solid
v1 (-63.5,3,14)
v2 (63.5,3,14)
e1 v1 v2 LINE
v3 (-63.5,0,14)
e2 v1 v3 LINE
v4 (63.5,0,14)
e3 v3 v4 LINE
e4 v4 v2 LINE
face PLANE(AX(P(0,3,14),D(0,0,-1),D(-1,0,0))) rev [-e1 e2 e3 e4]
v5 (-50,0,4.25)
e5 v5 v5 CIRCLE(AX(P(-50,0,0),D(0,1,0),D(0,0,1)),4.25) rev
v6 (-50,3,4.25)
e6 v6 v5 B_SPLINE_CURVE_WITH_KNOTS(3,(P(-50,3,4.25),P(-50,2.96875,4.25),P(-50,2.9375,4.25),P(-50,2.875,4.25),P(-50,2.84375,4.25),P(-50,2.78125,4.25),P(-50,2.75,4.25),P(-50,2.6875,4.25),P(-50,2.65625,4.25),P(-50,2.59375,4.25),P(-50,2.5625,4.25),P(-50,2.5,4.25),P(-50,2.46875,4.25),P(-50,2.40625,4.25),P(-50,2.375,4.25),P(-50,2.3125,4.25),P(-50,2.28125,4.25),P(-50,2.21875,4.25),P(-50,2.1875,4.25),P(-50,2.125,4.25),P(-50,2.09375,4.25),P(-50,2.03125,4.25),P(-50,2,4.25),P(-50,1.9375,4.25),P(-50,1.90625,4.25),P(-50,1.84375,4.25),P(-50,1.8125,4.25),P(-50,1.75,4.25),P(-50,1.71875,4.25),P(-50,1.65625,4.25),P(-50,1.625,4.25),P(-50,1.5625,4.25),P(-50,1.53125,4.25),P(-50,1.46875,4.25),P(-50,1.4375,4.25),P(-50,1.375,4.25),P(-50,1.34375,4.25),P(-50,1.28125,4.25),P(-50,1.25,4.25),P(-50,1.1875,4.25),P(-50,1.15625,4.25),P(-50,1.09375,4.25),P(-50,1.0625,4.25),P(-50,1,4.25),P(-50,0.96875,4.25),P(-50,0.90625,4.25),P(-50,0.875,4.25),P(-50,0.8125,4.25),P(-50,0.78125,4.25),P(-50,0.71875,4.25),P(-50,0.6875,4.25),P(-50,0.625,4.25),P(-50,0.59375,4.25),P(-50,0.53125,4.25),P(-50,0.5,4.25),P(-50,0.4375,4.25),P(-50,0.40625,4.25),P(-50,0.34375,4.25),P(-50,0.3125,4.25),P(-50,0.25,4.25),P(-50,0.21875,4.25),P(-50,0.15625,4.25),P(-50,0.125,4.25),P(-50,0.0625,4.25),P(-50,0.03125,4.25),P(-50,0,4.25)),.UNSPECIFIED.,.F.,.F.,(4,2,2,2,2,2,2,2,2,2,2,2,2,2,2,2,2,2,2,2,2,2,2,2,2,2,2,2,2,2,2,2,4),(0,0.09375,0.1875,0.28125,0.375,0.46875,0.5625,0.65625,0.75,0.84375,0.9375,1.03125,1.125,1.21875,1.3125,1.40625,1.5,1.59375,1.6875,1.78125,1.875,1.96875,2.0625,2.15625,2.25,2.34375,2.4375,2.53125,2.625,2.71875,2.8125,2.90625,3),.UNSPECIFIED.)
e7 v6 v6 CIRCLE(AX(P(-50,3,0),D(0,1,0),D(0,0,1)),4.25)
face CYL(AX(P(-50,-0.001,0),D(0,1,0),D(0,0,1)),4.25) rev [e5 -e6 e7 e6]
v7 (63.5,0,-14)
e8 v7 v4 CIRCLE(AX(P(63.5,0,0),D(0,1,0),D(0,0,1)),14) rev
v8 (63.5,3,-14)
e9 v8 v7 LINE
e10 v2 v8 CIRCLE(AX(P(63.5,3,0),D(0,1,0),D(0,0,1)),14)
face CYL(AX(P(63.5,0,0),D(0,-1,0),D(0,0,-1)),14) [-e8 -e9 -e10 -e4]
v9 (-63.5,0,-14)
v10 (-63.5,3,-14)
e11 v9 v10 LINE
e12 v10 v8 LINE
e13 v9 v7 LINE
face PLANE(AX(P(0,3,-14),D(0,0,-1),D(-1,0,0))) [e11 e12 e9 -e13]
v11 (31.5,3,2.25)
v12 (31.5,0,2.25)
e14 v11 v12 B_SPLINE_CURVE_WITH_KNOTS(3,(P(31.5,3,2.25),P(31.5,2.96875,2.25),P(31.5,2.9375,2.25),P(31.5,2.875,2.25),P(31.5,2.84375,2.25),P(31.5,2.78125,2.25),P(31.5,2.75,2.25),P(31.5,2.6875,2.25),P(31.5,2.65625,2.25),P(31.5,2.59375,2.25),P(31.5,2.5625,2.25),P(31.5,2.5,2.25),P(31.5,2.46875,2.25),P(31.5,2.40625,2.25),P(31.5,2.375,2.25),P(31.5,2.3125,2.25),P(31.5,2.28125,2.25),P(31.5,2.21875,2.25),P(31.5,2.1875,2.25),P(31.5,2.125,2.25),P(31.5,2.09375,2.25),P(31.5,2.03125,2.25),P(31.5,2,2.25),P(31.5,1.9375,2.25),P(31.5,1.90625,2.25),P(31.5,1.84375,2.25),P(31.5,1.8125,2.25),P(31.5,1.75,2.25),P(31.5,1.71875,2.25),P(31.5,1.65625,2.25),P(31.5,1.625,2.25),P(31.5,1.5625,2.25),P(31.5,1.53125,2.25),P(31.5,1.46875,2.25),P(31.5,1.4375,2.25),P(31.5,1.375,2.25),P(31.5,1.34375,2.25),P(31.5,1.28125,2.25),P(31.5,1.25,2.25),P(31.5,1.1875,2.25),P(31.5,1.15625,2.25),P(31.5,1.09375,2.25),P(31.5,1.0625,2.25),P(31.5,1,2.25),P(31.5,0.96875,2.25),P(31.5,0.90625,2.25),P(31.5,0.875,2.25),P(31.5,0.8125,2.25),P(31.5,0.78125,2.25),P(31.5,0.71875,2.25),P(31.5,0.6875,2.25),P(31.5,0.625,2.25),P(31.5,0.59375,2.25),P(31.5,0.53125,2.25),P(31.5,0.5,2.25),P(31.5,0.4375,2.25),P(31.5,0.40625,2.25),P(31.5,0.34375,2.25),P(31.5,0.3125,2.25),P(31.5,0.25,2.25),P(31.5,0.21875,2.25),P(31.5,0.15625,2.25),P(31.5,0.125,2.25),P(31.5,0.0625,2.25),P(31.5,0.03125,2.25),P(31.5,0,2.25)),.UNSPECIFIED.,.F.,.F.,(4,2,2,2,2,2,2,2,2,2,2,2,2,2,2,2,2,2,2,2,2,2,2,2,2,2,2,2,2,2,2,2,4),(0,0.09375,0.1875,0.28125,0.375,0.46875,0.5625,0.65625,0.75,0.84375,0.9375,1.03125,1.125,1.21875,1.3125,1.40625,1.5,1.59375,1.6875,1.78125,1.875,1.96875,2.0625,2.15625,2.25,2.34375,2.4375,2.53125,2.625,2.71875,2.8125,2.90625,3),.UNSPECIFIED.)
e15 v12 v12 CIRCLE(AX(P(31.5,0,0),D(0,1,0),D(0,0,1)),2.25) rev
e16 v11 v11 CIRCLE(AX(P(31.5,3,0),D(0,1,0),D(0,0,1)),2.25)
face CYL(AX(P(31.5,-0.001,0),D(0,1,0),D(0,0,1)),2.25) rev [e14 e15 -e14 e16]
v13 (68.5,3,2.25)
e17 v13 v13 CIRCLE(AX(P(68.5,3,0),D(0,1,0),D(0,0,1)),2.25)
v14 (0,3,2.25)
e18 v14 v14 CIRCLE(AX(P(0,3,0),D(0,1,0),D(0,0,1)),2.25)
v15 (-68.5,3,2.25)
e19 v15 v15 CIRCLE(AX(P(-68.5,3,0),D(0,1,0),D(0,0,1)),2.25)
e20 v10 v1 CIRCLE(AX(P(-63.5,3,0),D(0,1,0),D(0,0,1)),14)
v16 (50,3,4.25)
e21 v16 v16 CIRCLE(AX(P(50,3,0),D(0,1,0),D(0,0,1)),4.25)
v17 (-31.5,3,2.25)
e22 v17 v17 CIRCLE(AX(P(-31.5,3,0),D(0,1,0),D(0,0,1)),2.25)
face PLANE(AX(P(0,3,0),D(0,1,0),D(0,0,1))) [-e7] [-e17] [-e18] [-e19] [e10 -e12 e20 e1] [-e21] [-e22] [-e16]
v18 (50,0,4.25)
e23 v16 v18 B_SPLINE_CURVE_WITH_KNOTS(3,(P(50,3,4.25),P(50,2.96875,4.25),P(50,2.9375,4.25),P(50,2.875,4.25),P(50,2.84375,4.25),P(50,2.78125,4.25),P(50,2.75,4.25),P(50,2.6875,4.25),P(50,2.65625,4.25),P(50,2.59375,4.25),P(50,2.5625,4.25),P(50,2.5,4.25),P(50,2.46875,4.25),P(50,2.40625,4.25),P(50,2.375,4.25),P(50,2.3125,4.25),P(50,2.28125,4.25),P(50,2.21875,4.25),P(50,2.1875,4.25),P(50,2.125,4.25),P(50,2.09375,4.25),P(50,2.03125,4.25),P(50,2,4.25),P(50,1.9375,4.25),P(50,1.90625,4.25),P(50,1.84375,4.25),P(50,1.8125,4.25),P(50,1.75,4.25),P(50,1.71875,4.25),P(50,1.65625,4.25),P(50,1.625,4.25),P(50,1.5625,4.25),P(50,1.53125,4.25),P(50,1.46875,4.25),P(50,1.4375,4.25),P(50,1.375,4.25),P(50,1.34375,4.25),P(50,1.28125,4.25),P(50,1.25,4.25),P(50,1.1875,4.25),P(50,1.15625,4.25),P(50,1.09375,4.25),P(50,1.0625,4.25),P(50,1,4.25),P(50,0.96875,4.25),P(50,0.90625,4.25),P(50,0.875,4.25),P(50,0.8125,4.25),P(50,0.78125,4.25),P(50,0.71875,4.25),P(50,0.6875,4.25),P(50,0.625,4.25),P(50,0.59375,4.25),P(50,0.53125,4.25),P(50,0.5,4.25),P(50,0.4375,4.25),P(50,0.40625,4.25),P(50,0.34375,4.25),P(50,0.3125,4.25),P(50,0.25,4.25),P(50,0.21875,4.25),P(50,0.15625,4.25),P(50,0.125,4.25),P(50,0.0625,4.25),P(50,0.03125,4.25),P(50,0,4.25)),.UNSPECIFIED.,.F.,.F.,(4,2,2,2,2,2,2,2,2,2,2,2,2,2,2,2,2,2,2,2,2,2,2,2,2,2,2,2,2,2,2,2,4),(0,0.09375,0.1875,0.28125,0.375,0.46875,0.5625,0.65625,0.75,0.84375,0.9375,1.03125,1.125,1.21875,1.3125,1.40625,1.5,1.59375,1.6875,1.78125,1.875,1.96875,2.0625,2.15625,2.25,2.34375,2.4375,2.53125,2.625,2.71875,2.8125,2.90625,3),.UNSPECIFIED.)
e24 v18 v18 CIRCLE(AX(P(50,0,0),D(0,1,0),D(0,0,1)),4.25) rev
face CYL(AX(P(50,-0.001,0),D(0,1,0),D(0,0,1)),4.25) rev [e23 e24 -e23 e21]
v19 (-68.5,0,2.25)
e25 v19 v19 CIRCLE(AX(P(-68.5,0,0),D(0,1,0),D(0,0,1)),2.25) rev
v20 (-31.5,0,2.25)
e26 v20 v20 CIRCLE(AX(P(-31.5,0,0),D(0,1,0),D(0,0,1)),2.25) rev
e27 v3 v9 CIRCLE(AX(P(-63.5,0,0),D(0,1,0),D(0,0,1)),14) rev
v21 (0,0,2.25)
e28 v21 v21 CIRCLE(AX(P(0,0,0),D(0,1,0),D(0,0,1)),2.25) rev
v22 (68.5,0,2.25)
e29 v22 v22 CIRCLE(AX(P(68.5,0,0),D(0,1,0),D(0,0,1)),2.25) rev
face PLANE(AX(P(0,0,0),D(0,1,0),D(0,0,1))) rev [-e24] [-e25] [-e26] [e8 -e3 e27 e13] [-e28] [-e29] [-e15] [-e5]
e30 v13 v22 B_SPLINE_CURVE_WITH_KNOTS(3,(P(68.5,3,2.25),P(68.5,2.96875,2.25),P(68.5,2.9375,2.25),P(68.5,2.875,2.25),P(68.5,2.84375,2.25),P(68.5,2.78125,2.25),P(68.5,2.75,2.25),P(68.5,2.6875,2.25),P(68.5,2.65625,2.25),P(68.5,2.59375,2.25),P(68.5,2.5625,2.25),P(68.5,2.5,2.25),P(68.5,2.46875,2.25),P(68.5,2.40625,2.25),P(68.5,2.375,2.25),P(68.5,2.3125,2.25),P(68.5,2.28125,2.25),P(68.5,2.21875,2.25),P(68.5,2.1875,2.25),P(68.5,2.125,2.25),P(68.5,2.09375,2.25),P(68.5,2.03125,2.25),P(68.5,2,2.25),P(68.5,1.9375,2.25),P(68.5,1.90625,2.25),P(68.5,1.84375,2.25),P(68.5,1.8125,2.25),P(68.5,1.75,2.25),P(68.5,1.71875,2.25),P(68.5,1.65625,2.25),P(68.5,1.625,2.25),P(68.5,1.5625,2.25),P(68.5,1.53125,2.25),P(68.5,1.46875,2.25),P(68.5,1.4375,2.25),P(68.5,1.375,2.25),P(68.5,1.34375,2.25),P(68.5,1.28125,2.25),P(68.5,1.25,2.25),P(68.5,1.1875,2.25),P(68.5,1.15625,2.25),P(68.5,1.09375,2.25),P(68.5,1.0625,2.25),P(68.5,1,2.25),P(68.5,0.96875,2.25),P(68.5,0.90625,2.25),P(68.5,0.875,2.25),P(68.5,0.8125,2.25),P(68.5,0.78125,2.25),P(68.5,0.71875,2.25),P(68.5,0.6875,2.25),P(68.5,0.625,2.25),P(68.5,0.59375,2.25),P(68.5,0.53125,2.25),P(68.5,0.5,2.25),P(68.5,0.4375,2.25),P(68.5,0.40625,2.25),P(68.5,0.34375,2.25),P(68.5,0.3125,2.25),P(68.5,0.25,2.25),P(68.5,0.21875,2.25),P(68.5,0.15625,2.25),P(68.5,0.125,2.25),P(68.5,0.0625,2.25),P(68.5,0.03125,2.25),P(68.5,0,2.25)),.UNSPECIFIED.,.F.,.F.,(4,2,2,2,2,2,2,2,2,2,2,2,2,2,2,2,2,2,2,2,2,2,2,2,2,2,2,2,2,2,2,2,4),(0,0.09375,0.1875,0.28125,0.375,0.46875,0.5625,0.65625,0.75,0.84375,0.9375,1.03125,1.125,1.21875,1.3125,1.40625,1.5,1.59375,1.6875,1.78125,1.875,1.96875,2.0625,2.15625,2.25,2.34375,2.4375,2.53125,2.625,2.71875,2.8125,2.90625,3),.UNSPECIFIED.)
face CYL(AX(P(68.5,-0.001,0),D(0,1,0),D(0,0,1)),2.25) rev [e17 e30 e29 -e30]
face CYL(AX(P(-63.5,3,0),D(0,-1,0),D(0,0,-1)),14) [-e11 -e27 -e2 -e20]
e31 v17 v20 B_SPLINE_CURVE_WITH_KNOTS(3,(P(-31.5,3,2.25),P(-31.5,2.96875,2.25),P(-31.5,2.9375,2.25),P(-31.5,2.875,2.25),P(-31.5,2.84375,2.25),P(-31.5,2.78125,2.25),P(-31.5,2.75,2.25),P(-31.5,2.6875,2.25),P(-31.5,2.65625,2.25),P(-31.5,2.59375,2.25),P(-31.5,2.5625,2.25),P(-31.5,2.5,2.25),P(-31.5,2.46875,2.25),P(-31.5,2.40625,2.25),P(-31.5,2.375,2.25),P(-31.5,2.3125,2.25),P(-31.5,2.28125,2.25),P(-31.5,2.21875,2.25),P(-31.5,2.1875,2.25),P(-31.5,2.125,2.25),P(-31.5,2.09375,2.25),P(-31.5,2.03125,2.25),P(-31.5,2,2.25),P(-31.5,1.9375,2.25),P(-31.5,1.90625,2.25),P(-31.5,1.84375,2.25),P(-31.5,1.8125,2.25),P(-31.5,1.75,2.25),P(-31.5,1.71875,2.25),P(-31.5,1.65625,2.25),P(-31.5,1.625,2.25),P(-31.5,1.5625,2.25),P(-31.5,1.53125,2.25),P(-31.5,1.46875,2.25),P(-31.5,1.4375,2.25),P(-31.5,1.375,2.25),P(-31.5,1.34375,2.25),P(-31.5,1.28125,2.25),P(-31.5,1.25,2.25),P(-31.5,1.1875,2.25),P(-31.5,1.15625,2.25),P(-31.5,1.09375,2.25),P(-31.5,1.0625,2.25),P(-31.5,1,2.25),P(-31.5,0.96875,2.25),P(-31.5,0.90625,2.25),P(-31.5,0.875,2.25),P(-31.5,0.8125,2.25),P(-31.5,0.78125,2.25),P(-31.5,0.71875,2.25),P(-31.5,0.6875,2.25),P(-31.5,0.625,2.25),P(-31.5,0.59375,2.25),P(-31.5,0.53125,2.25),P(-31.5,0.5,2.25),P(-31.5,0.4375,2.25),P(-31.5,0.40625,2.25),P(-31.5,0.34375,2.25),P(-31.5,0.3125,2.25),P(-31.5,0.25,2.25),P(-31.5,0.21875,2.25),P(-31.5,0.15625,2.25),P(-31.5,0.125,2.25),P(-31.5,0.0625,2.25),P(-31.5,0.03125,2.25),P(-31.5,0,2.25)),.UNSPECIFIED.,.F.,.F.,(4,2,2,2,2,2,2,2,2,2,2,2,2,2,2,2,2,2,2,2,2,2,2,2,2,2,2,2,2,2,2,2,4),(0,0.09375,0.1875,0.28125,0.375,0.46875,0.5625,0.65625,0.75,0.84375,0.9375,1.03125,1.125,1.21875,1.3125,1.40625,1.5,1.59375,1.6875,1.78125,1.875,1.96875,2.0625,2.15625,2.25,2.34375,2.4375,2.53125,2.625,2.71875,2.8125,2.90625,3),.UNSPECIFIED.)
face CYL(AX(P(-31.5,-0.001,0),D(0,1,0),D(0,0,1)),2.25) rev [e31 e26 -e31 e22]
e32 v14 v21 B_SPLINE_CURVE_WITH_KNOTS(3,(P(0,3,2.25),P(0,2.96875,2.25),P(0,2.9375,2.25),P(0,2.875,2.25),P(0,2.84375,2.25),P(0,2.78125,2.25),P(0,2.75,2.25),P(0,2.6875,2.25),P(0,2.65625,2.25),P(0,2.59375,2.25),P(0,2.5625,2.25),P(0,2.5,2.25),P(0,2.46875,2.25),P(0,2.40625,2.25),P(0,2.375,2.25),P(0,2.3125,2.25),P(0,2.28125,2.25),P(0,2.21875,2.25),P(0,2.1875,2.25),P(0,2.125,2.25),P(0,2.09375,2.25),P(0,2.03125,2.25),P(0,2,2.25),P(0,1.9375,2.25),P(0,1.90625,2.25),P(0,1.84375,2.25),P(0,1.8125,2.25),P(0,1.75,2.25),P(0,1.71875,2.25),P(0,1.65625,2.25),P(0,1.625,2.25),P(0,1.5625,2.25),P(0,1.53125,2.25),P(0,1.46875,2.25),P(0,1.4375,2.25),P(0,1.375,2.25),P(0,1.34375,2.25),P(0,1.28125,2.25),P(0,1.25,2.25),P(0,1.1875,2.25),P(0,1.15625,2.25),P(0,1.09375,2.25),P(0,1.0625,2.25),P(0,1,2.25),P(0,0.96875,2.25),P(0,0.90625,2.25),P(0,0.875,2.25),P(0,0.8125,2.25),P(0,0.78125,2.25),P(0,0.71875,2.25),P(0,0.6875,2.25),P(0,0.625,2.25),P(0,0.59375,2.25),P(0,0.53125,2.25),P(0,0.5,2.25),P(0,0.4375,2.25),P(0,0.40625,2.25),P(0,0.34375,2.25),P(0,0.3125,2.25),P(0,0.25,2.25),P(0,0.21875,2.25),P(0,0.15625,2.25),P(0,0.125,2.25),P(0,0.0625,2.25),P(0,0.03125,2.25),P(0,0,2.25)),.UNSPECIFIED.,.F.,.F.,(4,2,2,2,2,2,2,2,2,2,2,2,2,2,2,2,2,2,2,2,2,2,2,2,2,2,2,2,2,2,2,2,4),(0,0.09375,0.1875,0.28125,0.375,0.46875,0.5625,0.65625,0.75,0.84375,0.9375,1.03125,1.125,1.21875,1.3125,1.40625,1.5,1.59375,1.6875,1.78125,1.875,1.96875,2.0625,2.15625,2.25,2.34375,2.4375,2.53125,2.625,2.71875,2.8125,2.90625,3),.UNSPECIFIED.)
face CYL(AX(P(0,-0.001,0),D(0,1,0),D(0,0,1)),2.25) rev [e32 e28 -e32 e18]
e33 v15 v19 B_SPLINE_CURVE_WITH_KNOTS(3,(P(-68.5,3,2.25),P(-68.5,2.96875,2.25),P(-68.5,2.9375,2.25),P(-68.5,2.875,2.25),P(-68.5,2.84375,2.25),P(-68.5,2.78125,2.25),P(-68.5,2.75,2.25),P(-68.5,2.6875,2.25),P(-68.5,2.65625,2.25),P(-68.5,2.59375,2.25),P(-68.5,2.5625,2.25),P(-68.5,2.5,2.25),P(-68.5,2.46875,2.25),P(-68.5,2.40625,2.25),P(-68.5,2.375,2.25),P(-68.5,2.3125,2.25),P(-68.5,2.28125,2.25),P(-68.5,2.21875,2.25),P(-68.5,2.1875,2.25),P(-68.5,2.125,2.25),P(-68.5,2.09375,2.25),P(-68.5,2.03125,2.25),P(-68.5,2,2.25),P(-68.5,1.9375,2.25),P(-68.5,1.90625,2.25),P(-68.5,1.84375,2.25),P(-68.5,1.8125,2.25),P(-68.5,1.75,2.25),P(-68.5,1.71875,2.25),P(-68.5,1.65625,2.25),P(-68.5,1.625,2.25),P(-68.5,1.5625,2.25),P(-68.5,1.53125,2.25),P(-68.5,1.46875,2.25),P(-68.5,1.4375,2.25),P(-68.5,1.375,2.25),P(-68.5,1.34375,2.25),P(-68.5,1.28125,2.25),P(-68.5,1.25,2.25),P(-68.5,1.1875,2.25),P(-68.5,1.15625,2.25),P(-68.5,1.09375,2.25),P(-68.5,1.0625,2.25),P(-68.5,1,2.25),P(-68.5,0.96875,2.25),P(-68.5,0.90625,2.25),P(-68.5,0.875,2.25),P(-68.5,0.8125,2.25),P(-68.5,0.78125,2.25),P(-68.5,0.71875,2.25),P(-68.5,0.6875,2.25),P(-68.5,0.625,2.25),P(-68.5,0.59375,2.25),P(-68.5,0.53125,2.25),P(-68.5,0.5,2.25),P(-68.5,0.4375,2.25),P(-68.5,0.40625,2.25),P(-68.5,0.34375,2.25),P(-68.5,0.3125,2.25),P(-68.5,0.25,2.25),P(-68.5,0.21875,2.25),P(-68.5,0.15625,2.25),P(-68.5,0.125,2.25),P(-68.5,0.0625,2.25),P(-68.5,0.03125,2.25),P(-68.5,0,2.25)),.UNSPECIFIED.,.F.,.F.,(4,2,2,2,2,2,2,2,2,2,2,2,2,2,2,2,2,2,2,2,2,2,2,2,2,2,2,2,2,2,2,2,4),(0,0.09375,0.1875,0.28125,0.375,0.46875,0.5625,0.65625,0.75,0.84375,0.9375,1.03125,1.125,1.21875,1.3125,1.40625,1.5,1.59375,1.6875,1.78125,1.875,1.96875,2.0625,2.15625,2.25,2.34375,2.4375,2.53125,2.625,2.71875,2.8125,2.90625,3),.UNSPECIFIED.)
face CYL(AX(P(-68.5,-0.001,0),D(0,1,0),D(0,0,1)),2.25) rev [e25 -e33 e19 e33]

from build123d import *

# Parameters (mm, degrees)
SKETCH_1_W          = 155
SKETCH_1_H          = 28
EXTRUDE_1_DEPTH     = 3
CUT_EXTRUDE_1_REACH = 80.811
SKETCH_2_R          = 4.25
SKETCH_2_R_2        = 2.25
FILLET_1_RADIUS     = 14
FILLET_1_LENGTH     = 3
CUT_EXTRUDE_2_REACH = 80.811
SKETCH_3_R          = 2.25
FILLET_2_RADIUS     = 14
FILLET_2_LENGTH     = 3


with BuildPart() as part:
    # 草图1 → 凸台-拉伸1 (new body)
    with BuildSketch(Plane(origin=(0, 0, 0), x_dir=(1, 0, 0), z_dir=(0, 1, 0))):
        Rectangle(SKETCH_1_W, SKETCH_1_H)
    extrude(amount=EXTRUDE_1_DEPTH)

    # 草图2 → 切除-拉伸1 (cut, up to next)
    with BuildSketch(Plane(origin=(0, 3, 0), x_dir=(1, 0, 0), z_dir=(0, 1, 0)), mode=Mode.PRIVATE) as cut_extrude_1_sk1:
        with Locations(Location((-50, 0, 0), (0, 0, 270))):
            Circle(SKETCH_2_R)
    cut_extrude_1_tool1 = extrude(cut_extrude_1_sk1.sketch, amount=-CUT_EXTRUDE_1_REACH, mode=Mode.PRIVATE) & part.part
    # 草图2 → 切除-拉伸1 (cut, up to next)
    with BuildSketch(Plane(origin=(0, 3, 0), x_dir=(1, 0, 0), z_dir=(0, 1, 0)), mode=Mode.PRIVATE) as cut_extrude_1_sk2:
        with Locations(Location((50, 0, 0), (0, 0, 270))):
            Circle(SKETCH_2_R)
    cut_extrude_1_tool2 = extrude(cut_extrude_1_sk2.sketch, amount=-CUT_EXTRUDE_1_REACH, mode=Mode.PRIVATE) & part.part
    # 草图2 → 切除-拉伸1 (cut, up to next)
    with BuildSketch(Plane(origin=(0, 3, 0), x_dir=(1, 0, 0), z_dir=(0, 1, 0)), mode=Mode.PRIVATE) as cut_extrude_1_sk3:
        with Locations(Location((0, 0, 0), (0, 0, 270))):
            Circle(SKETCH_2_R_2)
    cut_extrude_1_tool3 = extrude(cut_extrude_1_sk3.sketch, amount=-CUT_EXTRUDE_1_REACH, mode=Mode.PRIVATE) & part.part
    add(cut_extrude_1_tool1.solids().sort_by_distance((-50, 3, 0))[0], mode=Mode.SUBTRACT)
    add(cut_extrude_1_tool2.solids().sort_by_distance((50, 3, 0))[0], mode=Mode.SUBTRACT)
    add(cut_extrude_1_tool3.solids().sort_by_distance((0, 3, 0))[0], mode=Mode.SUBTRACT)

    # 圆角1: full round fillet: the end face becomes a half cylinder, R = half its width
    fillet_1_face = Plane((-77.5, 1.5, 0), x_dir=(0, 1, 0), z_dir=(-1, 0, 0))  # on the end face: x along it, z out of the body
    fillet_1_slab = fillet_1_face.offset(-FILLET_1_RADIUS / 2) * Box(FILLET_1_LENGTH, 2 * FILLET_1_RADIUS, FILLET_1_RADIUS, mode=Mode.PRIVATE)  # the body's end, R deep
    fillet_1_round = Plane((-63.5, 1.5, 0), x_dir=(-1, 0, 0), z_dir=(0, 1, 0)) * Cylinder(FILLET_1_RADIUS, FILLET_1_LENGTH, mode=Mode.PRIVATE)  # its axis R under the face
    add(fillet_1_slab - fillet_1_round, mode=Mode.SUBTRACT)

    # 草图3 → 切除-拉伸2 (cut, up to next)
    with BuildSketch(Plane(origin=(0, 3, 0), x_dir=(1, 0, 0), z_dir=(0, 1, 0)), mode=Mode.PRIVATE) as cut_extrude_2_sk1:
        with Locations(Location((-68.5, 0, 0), (0, 0, 270))):
            Circle(SKETCH_3_R)
    cut_extrude_2_tool1 = extrude(cut_extrude_2_sk1.sketch, amount=-CUT_EXTRUDE_2_REACH, mode=Mode.PRIVATE) & part.part
    # 草图3 → 切除-拉伸2 (cut, up to next)
    with BuildSketch(Plane(origin=(0, 3, 0), x_dir=(1, 0, 0), z_dir=(0, 1, 0)), mode=Mode.PRIVATE) as cut_extrude_2_sk2:
        with Locations(Location((-31.5, 0, 0), (0, 0, 270))):
            Circle(SKETCH_3_R)
    cut_extrude_2_tool2 = extrude(cut_extrude_2_sk2.sketch, amount=-CUT_EXTRUDE_2_REACH, mode=Mode.PRIVATE) & part.part
    # 草图3 → 切除-拉伸2 (cut, up to next)
    with BuildSketch(Plane(origin=(0, 3, 0), x_dir=(1, 0, 0), z_dir=(0, 1, 0)), mode=Mode.PRIVATE) as cut_extrude_2_sk3:
        with Locations(Location((31.5, 0, 0), (0, 0, 270))):
            Circle(SKETCH_3_R)
    cut_extrude_2_tool3 = extrude(cut_extrude_2_sk3.sketch, amount=-CUT_EXTRUDE_2_REACH, mode=Mode.PRIVATE) & part.part
    # 草图3 → 切除-拉伸2 (cut, up to next)
    with BuildSketch(Plane(origin=(0, 3, 0), x_dir=(1, 0, 0), z_dir=(0, 1, 0)), mode=Mode.PRIVATE) as cut_extrude_2_sk4:
        with Locations(Location((68.5, 0, 0), (0, 0, 270))):
            Circle(SKETCH_3_R)
    cut_extrude_2_tool4 = extrude(cut_extrude_2_sk4.sketch, amount=-CUT_EXTRUDE_2_REACH, mode=Mode.PRIVATE) & part.part
    add(cut_extrude_2_tool1.solids().sort_by_distance((-68.5, 3, 0))[0], mode=Mode.SUBTRACT)
    add(cut_extrude_2_tool2.solids().sort_by_distance((-31.5, 3, 0))[0], mode=Mode.SUBTRACT)
    add(cut_extrude_2_tool3.solids().sort_by_distance((31.5, 3, 0))[0], mode=Mode.SUBTRACT)
    add(cut_extrude_2_tool4.solids().sort_by_distance((68.5, 3, 0))[0], mode=Mode.SUBTRACT)

    # 圆角2: full round fillet: the end face becomes a half cylinder, R = half its width
    fillet_2_face = Plane((77.5, 1.5, 0), x_dir=(0, -1, 0), z_dir=(1, 0, 0))  # on the end face: x along it, z out of the body
    fillet_2_slab = fillet_2_face.offset(-FILLET_2_RADIUS / 2) * Box(FILLET_2_LENGTH, 2 * FILLET_2_RADIUS, FILLET_2_RADIUS, mode=Mode.PRIVATE)  # the body's end, R deep
    fillet_2_round = Plane((63.5, 1.5, 0), x_dir=(1, 0, 0), z_dir=(0, -1, 0)) * Cylinder(FILLET_2_RADIUS, FILLET_2_LENGTH, mode=Mode.PRIVATE)  # its axis R under the face
    add(fillet_2_slab - fillet_2_round, mode=Mode.SUBTRACT)


solid = part.part
